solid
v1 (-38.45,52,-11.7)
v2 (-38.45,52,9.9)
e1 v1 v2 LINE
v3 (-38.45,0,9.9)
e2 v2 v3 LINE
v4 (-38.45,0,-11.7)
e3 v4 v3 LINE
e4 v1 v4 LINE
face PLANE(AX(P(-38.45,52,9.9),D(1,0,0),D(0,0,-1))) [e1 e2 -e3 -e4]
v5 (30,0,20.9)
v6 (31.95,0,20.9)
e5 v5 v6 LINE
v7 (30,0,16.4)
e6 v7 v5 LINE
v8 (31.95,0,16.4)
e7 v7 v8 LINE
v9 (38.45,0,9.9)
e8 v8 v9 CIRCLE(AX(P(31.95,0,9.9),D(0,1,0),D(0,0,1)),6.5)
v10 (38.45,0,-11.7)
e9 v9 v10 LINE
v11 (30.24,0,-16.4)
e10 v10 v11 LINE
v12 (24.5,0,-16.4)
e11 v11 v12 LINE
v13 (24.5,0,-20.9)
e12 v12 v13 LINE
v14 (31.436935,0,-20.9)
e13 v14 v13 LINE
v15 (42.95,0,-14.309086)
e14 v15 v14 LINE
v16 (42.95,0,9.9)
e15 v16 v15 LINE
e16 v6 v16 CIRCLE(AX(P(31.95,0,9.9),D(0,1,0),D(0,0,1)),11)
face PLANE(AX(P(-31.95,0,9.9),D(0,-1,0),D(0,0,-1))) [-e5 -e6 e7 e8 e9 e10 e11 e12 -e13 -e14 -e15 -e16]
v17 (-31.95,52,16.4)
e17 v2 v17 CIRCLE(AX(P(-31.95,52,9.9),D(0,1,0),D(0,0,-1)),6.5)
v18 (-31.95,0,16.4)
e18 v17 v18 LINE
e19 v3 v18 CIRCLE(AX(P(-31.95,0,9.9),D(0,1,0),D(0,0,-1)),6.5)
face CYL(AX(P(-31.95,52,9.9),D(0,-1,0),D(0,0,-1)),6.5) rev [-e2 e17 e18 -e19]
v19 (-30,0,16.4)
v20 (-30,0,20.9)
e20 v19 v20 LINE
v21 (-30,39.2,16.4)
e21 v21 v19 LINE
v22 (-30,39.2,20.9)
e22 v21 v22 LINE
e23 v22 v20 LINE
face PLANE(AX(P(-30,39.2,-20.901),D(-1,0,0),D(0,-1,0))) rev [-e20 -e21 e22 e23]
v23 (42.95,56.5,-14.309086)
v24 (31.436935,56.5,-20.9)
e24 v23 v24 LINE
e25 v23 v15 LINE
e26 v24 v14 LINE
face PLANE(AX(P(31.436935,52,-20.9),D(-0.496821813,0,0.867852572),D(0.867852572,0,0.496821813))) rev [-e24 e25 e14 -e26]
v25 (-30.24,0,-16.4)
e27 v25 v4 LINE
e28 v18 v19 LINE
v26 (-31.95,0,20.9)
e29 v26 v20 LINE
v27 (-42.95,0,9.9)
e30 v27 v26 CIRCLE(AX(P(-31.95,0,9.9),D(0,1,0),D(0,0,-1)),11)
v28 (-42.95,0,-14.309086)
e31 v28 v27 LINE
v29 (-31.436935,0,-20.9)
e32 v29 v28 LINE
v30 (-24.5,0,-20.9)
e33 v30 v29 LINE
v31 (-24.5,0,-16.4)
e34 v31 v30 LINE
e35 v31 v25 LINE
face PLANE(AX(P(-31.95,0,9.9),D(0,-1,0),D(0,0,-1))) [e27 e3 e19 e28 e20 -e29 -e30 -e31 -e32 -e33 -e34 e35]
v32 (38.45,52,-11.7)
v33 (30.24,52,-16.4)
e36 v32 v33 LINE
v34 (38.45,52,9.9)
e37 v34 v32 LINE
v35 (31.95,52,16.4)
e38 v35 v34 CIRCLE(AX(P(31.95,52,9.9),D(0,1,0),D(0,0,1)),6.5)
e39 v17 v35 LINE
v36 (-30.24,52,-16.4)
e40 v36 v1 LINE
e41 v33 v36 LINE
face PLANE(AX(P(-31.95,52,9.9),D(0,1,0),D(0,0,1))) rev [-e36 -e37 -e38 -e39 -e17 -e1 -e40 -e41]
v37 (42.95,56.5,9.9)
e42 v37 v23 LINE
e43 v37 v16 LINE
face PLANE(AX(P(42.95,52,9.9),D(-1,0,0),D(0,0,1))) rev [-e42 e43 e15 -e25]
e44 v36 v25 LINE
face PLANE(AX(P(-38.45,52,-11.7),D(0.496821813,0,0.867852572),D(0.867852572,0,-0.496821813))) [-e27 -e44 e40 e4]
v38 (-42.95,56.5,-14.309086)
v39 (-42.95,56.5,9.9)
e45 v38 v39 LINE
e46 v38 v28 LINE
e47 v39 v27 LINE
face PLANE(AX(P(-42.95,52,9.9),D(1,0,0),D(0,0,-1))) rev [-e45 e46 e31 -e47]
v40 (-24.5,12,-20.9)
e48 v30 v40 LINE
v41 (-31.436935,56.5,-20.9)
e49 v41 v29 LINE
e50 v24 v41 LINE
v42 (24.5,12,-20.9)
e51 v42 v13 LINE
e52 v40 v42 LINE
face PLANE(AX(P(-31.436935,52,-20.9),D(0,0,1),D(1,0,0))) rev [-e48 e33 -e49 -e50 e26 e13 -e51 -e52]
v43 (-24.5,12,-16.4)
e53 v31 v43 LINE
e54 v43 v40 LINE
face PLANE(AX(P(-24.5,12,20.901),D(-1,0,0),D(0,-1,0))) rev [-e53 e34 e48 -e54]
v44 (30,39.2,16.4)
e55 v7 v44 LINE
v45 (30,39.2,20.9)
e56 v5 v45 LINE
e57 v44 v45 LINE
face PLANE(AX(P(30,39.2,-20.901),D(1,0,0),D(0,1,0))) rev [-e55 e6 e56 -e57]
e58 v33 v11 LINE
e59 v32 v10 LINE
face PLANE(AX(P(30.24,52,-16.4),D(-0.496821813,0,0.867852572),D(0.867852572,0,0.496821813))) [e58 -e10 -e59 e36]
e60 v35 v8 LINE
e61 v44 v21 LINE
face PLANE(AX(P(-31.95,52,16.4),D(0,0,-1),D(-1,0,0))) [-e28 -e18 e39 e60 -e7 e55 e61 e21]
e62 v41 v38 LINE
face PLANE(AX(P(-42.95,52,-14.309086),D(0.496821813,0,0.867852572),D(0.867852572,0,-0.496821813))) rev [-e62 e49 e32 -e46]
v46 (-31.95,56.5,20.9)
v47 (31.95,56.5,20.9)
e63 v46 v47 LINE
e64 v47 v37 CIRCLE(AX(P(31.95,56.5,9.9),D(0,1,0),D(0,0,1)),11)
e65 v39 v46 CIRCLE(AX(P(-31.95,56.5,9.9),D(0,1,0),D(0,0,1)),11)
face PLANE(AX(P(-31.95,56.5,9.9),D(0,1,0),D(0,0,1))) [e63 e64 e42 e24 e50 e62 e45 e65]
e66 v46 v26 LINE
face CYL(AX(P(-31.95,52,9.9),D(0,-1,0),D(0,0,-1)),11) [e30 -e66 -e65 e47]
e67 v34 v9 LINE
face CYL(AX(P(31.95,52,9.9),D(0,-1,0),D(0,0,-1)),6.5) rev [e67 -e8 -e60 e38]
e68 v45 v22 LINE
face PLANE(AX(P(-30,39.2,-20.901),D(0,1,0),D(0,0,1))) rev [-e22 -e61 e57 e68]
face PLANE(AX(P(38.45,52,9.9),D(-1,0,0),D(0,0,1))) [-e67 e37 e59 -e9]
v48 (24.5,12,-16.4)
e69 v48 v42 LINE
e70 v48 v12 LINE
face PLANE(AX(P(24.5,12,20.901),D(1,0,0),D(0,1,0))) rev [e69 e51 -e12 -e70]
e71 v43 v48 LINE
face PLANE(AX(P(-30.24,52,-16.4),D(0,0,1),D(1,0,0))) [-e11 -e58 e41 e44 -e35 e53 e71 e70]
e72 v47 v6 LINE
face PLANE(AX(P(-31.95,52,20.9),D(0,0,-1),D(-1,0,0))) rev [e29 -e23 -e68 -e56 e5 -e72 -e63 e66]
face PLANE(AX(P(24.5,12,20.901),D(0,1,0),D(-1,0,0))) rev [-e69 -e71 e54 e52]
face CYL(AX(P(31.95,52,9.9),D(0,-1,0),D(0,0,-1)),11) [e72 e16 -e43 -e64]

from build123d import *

# Parameters (mm, degrees)
BOSS_EXTRUDE1_DEPTH = 52
BOSS_EXTRUDE2_DEPTH = 4.5
CUT_EXTRUDE1_REACH  = 84.366
SKETCH3_W           = 60
SKETCH3_H           = 39.2
CUT_EXTRUDE2_REACH  = 84.366
SKETCH4_W           = 49
SKETCH4_H           = 12


with BuildPart() as part:
    # Sketch1 → Boss-Extrude1 (new body)
    with BuildSketch(Plane(origin=(0, 0, 0), x_dir=(1, 0, 0), z_dir=(0, 1, 0))):
        with BuildLine():
            Line((-42.95, -9.9), (-42.95, 14.309085823))
            Line((-42.95, 14.309085823), (-31.436935022, 20.9))
            Line((-31.436935022, 20.9), (31.436935022, 20.9))
            Line((31.436935022, 20.9), (42.95, 14.309085823))
            Line((42.95, 14.309085823), (42.95, -9.9))
            ThreePointArc((42.95, -9.9), (39.728174593, -17.678174593), (31.95, -20.9))
            Line((31.95, -20.9), (-31.95, -20.9))
            ThreePointArc((-31.95, -20.9), (-39.728174593, -17.678174593), (-42.95, -9.9))
        make_face()
        with BuildLine():
            Line((-38.45, 11.7), (-30.24, 16.4))
            Line((-30.24, 16.4), (30.24, 16.4))
            Line((30.24, 16.4), (38.45, 11.7))
            Line((38.45, 11.7), (38.45, -9.9))
            ThreePointArc((38.45, -9.9), (36.546194078, -14.496194078), (31.95, -16.4))
            Line((31.95, -16.4), (-31.95, -16.4))
            ThreePointArc((-31.95, -16.4), (-36.546194078, -14.496194078), (-38.45, -9.9))
            Line((-38.45, -9.9), (-38.45, 11.7))
        make_face(mode=Mode.SUBTRACT)
    extrude(amount=BOSS_EXTRUDE1_DEPTH)

    # Sketch2 → Boss-Extrude2 (add)
    with BuildSketch(Plane(origin=(0, 52, 0), x_dir=(1, 0, 0), z_dir=(0, 1, 0))):
        with BuildLine():
            Line((-31.95, -20.9), (31.95, -20.9))
            ThreePointArc((31.95, -20.9), (39.728174593, -17.678174593), (42.95, -9.9))
            Line((42.95, -9.9), (42.95, 14.309085823))
            Line((42.95, 14.309085823), (31.436935022, 20.9))
            Line((31.436935022, 20.9), (-31.436935022, 20.9))
            Line((-31.436935022, 20.9), (-42.95, 14.309085823))
            Line((-42.95, 14.309085823), (-42.95, -9.9))
            ThreePointArc((-42.95, -9.9), (-39.728174593, -17.678174593), (-31.95, -20.9))
        make_face()
    extrude(amount=BOSS_EXTRUDE2_DEPTH)

    # Sketch3 → Cut-Extrude1 (cut, up to next)
    with BuildSketch(Plane.XY.offset(20.9), mode=Mode.PRIVATE) as cut_extrude1_sk1:
        with Locations((0, 19.6)):
            Rectangle(SKETCH3_W, SKETCH3_H)
    cut_extrude1_tool1 = extrude(cut_extrude1_sk1.sketch, amount=-CUT_EXTRUDE1_REACH, mode=Mode.PRIVATE) & part.part
    add(cut_extrude1_tool1.solids().sort_by_distance((0, 19.6, 20.9))[0], mode=Mode.SUBTRACT)

    # Sketch4 → Cut-Extrude2 (cut, up to next)
    with BuildSketch(Plane(origin=(0, 0, -20.9), x_dir=(-1, 0, 0), z_dir=(0, 0, -1)), mode=Mode.PRIVATE) as cut_extrude2_sk1:
        with Locations((0, 6)):
            Rectangle(SKETCH4_W, SKETCH4_H)
    cut_extrude2_tool1 = extrude(cut_extrude2_sk1.sketch, amount=-CUT_EXTRUDE2_REACH, mode=Mode.PRIVATE) & part.part
    add(cut_extrude2_tool1.solids().sort_by_distance((0, 6, -20.9))[0], mode=Mode.SUBTRACT)


solid = part.part
